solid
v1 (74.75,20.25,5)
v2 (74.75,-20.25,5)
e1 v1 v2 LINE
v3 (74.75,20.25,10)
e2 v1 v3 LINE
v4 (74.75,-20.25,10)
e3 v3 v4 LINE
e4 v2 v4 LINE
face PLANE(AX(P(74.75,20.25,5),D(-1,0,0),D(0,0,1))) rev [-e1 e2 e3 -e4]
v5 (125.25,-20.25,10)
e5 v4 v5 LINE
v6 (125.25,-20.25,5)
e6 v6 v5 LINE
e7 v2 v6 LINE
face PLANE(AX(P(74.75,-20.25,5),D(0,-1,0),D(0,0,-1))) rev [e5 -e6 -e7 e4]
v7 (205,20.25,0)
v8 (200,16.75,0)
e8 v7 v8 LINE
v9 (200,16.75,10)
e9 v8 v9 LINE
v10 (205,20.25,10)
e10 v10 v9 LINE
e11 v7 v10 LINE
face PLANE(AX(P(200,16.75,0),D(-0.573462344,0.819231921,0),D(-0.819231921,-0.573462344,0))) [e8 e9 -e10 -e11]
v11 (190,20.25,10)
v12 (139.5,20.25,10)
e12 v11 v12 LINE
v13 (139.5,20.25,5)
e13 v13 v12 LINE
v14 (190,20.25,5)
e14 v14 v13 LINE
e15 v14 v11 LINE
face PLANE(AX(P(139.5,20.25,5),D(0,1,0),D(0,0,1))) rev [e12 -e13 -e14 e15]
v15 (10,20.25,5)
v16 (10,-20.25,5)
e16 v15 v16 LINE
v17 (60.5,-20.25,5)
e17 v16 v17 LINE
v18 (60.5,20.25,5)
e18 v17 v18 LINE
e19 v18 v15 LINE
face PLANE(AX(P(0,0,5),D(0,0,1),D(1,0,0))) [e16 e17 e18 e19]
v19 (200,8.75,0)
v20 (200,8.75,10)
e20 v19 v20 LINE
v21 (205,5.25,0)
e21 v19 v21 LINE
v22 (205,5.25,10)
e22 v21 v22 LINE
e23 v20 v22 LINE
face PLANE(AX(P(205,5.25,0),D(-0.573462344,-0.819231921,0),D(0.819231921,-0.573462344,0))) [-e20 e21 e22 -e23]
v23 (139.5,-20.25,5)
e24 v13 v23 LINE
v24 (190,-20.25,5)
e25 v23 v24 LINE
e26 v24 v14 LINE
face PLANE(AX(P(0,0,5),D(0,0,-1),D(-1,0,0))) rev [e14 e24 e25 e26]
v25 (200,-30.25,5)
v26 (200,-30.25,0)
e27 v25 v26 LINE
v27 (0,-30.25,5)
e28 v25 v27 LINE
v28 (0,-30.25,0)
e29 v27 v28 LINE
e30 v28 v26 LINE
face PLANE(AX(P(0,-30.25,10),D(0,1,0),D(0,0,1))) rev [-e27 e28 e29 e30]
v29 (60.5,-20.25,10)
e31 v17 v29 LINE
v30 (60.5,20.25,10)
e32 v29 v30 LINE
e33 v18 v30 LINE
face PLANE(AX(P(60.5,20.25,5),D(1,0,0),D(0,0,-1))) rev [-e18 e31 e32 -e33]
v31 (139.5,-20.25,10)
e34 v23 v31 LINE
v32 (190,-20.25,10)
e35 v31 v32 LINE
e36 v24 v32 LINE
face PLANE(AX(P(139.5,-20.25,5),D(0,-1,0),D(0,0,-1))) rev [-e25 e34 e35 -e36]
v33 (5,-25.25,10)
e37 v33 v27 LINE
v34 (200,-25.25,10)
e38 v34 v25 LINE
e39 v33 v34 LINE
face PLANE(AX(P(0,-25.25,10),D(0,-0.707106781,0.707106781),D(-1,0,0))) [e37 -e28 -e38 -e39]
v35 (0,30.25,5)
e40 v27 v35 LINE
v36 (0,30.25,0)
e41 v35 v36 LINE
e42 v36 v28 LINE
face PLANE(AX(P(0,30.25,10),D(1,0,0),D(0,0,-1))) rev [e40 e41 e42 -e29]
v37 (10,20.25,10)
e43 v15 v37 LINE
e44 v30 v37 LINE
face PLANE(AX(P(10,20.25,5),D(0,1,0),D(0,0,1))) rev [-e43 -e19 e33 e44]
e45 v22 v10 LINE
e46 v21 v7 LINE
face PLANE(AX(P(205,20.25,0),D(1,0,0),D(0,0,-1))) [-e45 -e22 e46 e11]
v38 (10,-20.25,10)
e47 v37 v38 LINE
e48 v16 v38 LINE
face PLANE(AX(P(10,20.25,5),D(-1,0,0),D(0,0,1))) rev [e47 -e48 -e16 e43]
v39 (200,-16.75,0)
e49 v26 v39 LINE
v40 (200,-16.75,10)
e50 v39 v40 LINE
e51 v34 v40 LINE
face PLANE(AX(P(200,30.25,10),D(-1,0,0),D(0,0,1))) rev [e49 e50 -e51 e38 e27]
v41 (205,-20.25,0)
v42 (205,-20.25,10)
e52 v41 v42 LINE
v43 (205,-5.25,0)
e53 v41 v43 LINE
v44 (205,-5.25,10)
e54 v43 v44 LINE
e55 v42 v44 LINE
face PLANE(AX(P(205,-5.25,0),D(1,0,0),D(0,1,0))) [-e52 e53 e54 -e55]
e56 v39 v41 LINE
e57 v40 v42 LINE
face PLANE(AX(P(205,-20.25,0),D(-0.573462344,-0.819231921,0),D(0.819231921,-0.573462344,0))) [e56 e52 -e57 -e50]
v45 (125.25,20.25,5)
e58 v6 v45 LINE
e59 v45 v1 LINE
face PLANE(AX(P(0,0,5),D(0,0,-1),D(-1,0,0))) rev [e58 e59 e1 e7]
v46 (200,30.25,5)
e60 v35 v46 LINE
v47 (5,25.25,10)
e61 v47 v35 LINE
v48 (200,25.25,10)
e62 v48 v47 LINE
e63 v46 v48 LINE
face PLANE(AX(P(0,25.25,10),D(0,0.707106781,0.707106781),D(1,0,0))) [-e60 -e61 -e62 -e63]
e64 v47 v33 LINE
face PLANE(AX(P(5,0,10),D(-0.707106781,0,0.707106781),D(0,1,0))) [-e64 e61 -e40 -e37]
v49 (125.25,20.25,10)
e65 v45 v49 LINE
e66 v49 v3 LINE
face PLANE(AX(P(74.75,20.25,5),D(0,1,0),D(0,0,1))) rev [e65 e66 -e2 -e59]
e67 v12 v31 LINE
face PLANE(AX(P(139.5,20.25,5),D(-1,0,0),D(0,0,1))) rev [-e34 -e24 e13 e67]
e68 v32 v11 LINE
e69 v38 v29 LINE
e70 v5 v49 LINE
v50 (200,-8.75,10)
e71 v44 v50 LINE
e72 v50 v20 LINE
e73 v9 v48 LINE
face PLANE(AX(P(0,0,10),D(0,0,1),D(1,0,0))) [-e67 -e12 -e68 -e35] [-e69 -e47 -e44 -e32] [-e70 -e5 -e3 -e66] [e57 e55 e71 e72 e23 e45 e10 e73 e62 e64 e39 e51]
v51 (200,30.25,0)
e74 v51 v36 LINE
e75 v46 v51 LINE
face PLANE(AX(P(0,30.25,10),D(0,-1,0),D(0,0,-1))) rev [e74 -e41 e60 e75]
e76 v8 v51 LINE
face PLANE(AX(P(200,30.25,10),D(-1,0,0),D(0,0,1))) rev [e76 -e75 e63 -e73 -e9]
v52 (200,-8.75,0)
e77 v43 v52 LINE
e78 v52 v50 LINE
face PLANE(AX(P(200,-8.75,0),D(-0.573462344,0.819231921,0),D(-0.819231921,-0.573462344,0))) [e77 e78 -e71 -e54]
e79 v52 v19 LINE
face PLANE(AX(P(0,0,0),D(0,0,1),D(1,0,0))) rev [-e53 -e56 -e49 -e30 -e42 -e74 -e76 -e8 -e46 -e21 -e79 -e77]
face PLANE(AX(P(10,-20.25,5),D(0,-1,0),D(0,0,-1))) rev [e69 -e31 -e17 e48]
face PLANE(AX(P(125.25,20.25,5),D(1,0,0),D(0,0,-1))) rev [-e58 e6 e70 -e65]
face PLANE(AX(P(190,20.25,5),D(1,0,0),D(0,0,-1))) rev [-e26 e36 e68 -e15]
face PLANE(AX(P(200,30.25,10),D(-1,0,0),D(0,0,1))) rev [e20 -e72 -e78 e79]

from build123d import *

# Parameters (mm, degrees)
SKIZZE1_W                       = 200
SKIZZE1_H                       = 60.5
AUFSATZ_LINEAR_AUSTRAGEN1_DEPTH = 10
SKIZZE2_W                       = 50.5
SKIZZE2_H                       = 40.5
SCHNITT_LINEAR_AUSTRAGEN1_DEPTH = 5
FASE1_SIZE                      = 5
AUFSATZ_LINEAR_AUSTRAGEN2_DEPTH = 10


with BuildPart() as part:
    # Skizze1 → Aufsatz-Linear austragen1 (new body)
    with BuildSketch(Plane.XY):
        with Locations((100, 0)):
            Rectangle(SKIZZE1_W, SKIZZE1_H)
    extrude(amount=AUFSATZ_LINEAR_AUSTRAGEN1_DEPTH)

    # Skizze2 → Schnitt-Linear austragen1 (cut)
    with BuildSketch(Plane.XY.offset(10)):
        with Locations((35.25, 0)):
            Rectangle(SKIZZE2_W, SKIZZE2_H)
        with Locations((100, 0)):
            Rectangle(SKIZZE2_W, SKIZZE2_H)
        with Locations((164.75, 0)):
            Rectangle(SKIZZE2_W, SKIZZE2_H)
    extrude(amount=-SCHNITT_LINEAR_AUSTRAGEN1_DEPTH, mode=Mode.SUBTRACT)

    # Fase1
    fase1_edges = [part.edges().sort_by_distance(p)[0] for p in [
        (100, 30.25, 10),
        (0, 0, 10),
        (100, -30.25, 10),
    ]]
    chamfer(fase1_edges, length=FASE1_SIZE)

    # Skizze3 → Aufsatz-Linear austragen2 (add)
    with BuildSketch(Plane.XY.offset(10)):
        Polygon((200, 16.75), (205, 20.25), (205, 5.25), (200, 8.75), align=None)
        Polygon((200, -8.75), (205, -5.25), (205, -20.25), (200, -16.75), align=None)
    extrude(amount=-AUFSATZ_LINEAR_AUSTRAGEN2_DEPTH)


solid = part.part
